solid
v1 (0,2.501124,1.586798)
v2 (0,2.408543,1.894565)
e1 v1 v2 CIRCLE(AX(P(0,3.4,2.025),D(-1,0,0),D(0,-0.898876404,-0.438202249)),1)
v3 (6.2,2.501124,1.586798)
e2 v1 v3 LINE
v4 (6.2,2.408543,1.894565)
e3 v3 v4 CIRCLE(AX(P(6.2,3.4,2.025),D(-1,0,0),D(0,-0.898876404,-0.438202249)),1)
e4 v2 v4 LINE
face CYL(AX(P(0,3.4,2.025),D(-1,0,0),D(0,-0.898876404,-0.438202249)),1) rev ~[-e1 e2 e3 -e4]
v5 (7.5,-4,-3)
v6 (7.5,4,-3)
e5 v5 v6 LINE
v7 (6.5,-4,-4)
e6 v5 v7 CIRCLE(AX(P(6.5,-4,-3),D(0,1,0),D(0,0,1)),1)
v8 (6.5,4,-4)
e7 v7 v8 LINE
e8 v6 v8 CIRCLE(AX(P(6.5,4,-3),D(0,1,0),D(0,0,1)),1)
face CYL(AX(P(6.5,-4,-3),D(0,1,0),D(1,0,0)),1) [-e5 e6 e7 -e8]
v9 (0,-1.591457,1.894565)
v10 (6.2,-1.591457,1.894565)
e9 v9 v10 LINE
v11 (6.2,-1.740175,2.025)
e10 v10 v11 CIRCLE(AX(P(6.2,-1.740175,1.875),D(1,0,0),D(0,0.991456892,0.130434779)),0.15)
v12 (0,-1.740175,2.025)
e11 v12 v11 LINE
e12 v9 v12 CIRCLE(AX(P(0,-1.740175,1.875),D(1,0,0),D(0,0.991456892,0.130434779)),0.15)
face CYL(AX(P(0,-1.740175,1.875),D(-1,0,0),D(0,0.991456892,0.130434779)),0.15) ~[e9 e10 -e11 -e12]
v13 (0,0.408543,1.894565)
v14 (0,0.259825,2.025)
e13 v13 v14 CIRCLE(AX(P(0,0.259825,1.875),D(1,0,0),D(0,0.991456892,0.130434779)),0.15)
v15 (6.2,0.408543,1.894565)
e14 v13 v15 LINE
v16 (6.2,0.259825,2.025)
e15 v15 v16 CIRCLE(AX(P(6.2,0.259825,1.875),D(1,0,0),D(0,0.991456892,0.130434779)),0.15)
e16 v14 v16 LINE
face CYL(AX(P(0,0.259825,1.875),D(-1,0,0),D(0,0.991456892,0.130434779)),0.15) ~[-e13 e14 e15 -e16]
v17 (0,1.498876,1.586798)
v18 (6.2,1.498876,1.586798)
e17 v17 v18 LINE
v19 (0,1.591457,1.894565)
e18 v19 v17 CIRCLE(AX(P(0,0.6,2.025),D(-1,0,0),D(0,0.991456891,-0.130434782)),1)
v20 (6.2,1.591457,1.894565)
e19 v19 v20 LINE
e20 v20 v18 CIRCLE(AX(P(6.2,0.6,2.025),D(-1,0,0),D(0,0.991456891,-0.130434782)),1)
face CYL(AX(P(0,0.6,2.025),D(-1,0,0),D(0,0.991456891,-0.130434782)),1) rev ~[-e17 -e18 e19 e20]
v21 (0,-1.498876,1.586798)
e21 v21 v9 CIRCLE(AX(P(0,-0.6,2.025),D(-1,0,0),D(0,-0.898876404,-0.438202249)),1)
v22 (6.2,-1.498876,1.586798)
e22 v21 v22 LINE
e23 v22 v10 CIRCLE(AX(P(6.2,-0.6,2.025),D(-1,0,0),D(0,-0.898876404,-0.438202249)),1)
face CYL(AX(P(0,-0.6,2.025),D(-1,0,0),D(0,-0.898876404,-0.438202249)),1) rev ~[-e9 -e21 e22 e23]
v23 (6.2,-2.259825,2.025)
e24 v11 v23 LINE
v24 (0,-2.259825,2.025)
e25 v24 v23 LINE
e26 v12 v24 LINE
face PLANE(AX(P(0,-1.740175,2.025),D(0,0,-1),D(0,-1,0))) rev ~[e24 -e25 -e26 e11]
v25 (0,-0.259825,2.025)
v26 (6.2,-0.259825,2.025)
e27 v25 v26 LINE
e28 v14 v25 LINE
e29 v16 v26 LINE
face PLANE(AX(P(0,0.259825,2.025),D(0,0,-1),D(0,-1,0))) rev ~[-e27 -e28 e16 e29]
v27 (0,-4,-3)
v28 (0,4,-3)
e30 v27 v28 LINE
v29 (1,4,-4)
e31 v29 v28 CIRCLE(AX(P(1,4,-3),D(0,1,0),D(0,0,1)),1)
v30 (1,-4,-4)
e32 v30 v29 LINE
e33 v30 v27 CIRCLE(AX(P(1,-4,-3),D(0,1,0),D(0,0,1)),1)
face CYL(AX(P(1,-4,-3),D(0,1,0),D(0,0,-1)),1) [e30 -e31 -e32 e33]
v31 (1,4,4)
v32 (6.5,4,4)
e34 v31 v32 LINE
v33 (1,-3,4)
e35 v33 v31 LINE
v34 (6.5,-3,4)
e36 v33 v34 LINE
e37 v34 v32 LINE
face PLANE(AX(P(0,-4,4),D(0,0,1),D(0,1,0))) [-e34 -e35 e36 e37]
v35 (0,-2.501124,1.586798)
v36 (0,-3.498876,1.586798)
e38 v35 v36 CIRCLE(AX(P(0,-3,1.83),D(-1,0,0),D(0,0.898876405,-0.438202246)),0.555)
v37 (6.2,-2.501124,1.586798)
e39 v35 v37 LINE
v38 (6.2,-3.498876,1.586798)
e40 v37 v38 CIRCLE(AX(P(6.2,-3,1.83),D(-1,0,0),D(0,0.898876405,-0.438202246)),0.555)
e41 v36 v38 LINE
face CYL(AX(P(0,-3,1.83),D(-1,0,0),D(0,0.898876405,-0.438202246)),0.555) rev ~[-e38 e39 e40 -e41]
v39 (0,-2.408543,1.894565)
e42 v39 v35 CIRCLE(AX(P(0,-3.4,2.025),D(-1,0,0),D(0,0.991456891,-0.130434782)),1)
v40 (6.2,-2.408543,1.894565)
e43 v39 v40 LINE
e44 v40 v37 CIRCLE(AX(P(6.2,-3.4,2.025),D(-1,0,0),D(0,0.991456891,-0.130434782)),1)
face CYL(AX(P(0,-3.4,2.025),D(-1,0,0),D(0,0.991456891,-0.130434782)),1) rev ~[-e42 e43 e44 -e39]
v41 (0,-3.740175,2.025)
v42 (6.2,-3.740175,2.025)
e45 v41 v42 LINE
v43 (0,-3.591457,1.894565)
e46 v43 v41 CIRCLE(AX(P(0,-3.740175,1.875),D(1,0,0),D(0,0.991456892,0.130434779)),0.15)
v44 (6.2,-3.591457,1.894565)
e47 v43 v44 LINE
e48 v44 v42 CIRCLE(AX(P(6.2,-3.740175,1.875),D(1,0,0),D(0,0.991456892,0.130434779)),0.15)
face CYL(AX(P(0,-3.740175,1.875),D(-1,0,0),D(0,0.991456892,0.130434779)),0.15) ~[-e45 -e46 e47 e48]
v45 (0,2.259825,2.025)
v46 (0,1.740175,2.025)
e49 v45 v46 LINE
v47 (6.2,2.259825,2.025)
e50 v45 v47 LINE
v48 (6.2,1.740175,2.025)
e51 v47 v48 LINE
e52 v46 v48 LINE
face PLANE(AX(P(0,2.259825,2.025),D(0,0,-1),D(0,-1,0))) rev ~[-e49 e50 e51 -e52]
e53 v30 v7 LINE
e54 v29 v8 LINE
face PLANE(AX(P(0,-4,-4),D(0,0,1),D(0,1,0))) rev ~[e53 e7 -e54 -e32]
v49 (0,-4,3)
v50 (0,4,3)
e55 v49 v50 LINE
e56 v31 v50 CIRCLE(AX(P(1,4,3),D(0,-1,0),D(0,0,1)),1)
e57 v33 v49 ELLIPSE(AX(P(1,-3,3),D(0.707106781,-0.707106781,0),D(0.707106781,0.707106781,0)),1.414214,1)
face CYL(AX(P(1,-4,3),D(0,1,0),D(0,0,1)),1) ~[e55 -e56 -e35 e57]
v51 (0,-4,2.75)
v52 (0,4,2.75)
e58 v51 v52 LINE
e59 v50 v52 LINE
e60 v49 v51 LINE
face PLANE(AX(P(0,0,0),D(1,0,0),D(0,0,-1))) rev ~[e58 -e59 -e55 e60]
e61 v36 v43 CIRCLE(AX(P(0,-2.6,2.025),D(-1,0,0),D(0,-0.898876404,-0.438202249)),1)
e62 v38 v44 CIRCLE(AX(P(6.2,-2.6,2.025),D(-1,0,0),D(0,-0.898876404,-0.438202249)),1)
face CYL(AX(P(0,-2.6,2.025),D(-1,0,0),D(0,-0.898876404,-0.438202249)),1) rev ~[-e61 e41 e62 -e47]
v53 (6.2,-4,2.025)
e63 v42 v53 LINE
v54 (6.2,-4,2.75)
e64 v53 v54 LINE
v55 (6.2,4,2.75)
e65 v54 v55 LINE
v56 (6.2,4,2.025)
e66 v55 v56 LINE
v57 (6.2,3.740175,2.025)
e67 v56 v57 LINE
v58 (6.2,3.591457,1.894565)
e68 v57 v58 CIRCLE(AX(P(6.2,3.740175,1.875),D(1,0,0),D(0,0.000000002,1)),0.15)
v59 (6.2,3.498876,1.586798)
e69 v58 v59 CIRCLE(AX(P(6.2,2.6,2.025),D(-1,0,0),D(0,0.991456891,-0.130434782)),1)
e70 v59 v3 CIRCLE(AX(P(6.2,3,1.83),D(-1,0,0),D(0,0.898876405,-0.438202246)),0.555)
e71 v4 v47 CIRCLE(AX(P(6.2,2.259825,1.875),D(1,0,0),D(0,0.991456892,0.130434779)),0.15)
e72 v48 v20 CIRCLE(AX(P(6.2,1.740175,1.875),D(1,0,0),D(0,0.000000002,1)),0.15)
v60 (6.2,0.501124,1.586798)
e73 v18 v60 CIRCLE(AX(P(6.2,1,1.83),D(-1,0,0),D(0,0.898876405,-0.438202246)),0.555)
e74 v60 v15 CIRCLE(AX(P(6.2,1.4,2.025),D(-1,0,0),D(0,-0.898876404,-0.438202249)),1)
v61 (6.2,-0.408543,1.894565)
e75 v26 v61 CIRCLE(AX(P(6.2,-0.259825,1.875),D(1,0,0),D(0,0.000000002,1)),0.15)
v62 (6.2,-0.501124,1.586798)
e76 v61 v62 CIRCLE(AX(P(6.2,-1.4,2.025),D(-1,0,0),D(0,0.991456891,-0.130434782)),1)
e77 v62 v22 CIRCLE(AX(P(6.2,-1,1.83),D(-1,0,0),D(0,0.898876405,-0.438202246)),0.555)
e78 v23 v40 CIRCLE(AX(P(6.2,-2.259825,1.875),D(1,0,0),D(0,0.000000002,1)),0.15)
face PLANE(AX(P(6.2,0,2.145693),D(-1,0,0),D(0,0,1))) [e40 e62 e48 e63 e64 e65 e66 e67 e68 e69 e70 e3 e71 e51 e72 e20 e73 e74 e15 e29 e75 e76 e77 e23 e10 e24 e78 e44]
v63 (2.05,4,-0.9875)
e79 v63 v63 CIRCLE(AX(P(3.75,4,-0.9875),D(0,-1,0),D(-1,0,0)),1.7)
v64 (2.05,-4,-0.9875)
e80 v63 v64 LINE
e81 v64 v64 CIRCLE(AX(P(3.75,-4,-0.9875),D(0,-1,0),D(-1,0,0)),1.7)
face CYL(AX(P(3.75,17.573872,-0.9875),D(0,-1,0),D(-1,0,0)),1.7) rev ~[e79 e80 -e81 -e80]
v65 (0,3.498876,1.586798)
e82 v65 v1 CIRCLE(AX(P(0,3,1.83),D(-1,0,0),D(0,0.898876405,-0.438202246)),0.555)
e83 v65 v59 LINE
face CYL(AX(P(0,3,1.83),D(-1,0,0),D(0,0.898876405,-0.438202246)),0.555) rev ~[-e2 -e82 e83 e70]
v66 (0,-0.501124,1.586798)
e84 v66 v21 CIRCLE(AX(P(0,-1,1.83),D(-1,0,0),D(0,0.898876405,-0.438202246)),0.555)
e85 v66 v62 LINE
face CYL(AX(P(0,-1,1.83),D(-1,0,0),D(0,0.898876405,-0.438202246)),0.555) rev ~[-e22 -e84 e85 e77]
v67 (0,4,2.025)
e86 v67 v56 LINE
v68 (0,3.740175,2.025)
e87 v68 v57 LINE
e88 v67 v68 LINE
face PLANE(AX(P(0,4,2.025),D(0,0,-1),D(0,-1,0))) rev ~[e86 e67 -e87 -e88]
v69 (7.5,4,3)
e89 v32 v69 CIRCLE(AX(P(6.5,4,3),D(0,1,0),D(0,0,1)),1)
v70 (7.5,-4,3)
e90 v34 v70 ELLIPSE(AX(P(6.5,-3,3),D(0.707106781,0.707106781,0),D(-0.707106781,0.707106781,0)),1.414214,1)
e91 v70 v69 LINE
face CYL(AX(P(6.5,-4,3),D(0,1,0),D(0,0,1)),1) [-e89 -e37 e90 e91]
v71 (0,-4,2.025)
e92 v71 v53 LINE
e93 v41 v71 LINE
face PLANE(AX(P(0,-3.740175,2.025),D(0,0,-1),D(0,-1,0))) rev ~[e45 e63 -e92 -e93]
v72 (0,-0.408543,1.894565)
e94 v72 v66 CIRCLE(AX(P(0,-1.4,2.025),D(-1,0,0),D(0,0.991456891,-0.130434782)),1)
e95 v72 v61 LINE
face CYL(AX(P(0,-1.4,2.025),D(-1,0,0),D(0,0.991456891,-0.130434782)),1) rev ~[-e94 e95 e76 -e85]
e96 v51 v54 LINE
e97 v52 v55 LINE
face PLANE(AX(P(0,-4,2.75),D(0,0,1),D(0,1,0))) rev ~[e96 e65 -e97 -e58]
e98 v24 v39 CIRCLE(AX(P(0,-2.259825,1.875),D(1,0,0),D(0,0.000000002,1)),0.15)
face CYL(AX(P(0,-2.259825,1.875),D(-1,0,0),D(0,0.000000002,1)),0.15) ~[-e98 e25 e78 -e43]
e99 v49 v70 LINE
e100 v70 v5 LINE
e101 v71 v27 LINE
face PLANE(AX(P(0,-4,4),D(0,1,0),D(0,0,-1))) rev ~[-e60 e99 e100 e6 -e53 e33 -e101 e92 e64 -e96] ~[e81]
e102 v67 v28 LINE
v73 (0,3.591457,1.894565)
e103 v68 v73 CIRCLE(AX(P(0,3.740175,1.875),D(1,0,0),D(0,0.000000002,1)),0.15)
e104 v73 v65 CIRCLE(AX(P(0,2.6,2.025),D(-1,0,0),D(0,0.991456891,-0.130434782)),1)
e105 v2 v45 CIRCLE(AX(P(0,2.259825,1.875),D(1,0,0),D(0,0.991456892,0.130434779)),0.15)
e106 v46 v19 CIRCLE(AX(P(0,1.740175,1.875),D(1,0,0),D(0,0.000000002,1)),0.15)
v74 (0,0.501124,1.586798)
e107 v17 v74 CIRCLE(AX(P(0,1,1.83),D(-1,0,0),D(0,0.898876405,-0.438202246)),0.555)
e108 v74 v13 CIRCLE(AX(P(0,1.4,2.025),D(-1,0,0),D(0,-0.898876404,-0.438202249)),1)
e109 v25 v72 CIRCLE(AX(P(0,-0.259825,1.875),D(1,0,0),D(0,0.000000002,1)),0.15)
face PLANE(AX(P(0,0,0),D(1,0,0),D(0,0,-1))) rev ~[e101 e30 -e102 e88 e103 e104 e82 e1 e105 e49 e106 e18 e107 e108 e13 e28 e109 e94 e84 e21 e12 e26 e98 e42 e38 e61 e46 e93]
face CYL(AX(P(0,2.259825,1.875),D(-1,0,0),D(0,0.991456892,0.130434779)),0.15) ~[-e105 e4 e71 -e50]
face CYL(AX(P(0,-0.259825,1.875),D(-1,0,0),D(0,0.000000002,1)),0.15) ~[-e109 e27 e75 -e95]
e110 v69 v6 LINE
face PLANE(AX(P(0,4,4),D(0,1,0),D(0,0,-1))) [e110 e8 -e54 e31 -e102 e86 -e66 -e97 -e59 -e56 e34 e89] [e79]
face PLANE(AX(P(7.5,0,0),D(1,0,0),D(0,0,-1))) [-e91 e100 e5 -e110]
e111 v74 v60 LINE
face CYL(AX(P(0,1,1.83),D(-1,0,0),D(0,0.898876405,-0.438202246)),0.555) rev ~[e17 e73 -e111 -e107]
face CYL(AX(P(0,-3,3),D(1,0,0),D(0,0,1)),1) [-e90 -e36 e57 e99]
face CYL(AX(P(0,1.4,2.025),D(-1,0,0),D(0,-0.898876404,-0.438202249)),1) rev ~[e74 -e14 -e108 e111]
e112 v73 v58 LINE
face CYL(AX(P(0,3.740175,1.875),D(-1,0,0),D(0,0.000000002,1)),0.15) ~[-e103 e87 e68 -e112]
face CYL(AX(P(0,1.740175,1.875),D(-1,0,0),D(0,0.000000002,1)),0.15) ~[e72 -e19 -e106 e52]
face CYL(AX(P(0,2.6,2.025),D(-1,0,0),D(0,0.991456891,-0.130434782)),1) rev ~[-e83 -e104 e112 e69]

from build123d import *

# Parameters (mm, degrees)
SKETCH1_W            = 8
SKETCH1_H            = 8
BOSS_EXTRUDE1_DEPTH  = 7.5
CUT_EXTRUDE1_DEPTH   = 6.2
M3_CLEARANCE_HOLE1_D = 3.4
FILLET1_R            = 1


with BuildPart() as part:
    # Sketch1 → Boss-Extrude1 (new body)
    with BuildSketch(Plane(origin=(0, 0, 0), x_dir=(0, 0, -1), z_dir=(1, 0, 0))):
        Rectangle(SKETCH1_W, SKETCH1_H)
    extrude(amount=BOSS_EXTRUDE1_DEPTH)

    # Sketch2 → Cut-Extrude1 (cut)
    with BuildSketch(Plane(origin=(0, 0, 0), x_dir=(0, 0, -1), z_dir=(1, 0, 0))):
        with BuildLine():
            Line((-2.025, 4), (-2.025, 3.740175425))
            ThreePointArc((-2.025, 3.740175425), (-1.987771412, 3.641268354), (-1.894565217, 3.591456891))
            ThreePointArc((-1.894565217, 3.591456891), (-1.736937846, 3.557611714), (-1.586797753, 3.498876404))
            ThreePointArc((-1.586797753, 3.498876404), (-1.275, 3), (-1.586797753, 2.501123596))
            ThreePointArc((-1.586797753, 2.501123596), (-1.736937846, 2.442388286), (-1.894565217, 2.408543109))
            ThreePointArc((-1.894565217, 2.408543109), (-1.987771412, 2.358731646), (-2.025, 2.259824575))
            Line((-2.025, 2.259824575), (-2.025, 2))
            Line((-2.025, 2), (-2.025, 1.740175425))
            ThreePointArc((-2.025, 1.740175425), (-1.987771412, 1.641268354), (-1.894565217, 1.591456891))
            ThreePointArc((-1.894565217, 1.591456891), (-1.736937846, 1.557611714), (-1.586797753, 1.498876404))
            ThreePointArc((-1.586797753, 1.498876404), (-1.275, 1), (-1.586797753, 0.501123596))
            ThreePointArc((-1.586797753, 0.501123596), (-1.736937846, 0.442388286), (-1.894565217, 0.408543109))
            ThreePointArc((-1.894565217, 0.408543109), (-1.987771412, 0.358731646), (-2.025, 0.259824575))
            Line((-2.025, 0.259824575), (-2.025, 0))
            Line((-2.025, 0), (-2.025, -0.259824575))
            ThreePointArc((-2.025, -0.259824575), (-1.987771412, -0.358731646), (-1.894565217, -0.408543109))
            ThreePointArc((-1.894565217, -0.408543109), (-1.736937846, -0.442388286), (-1.586797753, -0.501123596))
            ThreePointArc((-1.586797753, -0.501123596), (-1.275, -1), (-1.586797753, -1.498876404))
            ThreePointArc((-1.586797753, -1.498876404), (-1.736937846, -1.557611714), (-1.894565217, -1.591456891))
            ThreePointArc((-1.894565217, -1.591456891), (-1.987771412, -1.641268354), (-2.025, -1.740175425))
            Line((-2.025, -1.740175425), (-2.025, -2))
            Line((-2.025, -2), (-2.025, -2.259824575))
            ThreePointArc((-2.025, -2.259824575), (-1.987771412, -2.358731646), (-1.894565217, -2.408543109))
            ThreePointArc((-1.894565217, -2.408543109), (-1.736937846, -2.442388286), (-1.586797753, -2.501123596))
            ThreePointArc((-1.586797753, -2.501123596), (-1.275, -3), (-1.586797753, -3.498876404))
            ThreePointArc((-1.586797753, -3.498876404), (-1.736937846, -3.557611714), (-1.894565217, -3.591456891))
            ThreePointArc((-1.894565217, -3.591456891), (-1.987771412, -3.641268354), (-2.025, -3.740175425))
            Line((-2.025, -3.740175425), (-2.025, -4))
            Line((-2.025, -4), (-2.75, -4))
            Line((-2.75, -4), (-2.75, 4))
            Line((-2.75, 4), (-2.025, 4))
        make_face()
    extrude(amount=CUT_EXTRUDE1_DEPTH, mode=Mode.SUBTRACT)

    # M3 Clearance Hole1 (through all)
    with Locations(Plane(origin=(0, 4, 0), x_dir=(1, 0, 0), z_dir=(0, 1, 0))):
        with Locations((3.75, 0.9875)):
            Hole(M3_CLEARANCE_HOLE1_D / 2)

    # Fillet1
    fillet1_edges = [part.edges().sort_by_distance(p)[0] for p in [
        (7.5, 0, 4),
        (7.5, 0, -4),
        (0, 0, 4),
        (0, 0, -4),
        (3.75, -4, 4),
    ]]
    fillet(fillet1_edges, radius=FILLET1_R)


solid = part.part
